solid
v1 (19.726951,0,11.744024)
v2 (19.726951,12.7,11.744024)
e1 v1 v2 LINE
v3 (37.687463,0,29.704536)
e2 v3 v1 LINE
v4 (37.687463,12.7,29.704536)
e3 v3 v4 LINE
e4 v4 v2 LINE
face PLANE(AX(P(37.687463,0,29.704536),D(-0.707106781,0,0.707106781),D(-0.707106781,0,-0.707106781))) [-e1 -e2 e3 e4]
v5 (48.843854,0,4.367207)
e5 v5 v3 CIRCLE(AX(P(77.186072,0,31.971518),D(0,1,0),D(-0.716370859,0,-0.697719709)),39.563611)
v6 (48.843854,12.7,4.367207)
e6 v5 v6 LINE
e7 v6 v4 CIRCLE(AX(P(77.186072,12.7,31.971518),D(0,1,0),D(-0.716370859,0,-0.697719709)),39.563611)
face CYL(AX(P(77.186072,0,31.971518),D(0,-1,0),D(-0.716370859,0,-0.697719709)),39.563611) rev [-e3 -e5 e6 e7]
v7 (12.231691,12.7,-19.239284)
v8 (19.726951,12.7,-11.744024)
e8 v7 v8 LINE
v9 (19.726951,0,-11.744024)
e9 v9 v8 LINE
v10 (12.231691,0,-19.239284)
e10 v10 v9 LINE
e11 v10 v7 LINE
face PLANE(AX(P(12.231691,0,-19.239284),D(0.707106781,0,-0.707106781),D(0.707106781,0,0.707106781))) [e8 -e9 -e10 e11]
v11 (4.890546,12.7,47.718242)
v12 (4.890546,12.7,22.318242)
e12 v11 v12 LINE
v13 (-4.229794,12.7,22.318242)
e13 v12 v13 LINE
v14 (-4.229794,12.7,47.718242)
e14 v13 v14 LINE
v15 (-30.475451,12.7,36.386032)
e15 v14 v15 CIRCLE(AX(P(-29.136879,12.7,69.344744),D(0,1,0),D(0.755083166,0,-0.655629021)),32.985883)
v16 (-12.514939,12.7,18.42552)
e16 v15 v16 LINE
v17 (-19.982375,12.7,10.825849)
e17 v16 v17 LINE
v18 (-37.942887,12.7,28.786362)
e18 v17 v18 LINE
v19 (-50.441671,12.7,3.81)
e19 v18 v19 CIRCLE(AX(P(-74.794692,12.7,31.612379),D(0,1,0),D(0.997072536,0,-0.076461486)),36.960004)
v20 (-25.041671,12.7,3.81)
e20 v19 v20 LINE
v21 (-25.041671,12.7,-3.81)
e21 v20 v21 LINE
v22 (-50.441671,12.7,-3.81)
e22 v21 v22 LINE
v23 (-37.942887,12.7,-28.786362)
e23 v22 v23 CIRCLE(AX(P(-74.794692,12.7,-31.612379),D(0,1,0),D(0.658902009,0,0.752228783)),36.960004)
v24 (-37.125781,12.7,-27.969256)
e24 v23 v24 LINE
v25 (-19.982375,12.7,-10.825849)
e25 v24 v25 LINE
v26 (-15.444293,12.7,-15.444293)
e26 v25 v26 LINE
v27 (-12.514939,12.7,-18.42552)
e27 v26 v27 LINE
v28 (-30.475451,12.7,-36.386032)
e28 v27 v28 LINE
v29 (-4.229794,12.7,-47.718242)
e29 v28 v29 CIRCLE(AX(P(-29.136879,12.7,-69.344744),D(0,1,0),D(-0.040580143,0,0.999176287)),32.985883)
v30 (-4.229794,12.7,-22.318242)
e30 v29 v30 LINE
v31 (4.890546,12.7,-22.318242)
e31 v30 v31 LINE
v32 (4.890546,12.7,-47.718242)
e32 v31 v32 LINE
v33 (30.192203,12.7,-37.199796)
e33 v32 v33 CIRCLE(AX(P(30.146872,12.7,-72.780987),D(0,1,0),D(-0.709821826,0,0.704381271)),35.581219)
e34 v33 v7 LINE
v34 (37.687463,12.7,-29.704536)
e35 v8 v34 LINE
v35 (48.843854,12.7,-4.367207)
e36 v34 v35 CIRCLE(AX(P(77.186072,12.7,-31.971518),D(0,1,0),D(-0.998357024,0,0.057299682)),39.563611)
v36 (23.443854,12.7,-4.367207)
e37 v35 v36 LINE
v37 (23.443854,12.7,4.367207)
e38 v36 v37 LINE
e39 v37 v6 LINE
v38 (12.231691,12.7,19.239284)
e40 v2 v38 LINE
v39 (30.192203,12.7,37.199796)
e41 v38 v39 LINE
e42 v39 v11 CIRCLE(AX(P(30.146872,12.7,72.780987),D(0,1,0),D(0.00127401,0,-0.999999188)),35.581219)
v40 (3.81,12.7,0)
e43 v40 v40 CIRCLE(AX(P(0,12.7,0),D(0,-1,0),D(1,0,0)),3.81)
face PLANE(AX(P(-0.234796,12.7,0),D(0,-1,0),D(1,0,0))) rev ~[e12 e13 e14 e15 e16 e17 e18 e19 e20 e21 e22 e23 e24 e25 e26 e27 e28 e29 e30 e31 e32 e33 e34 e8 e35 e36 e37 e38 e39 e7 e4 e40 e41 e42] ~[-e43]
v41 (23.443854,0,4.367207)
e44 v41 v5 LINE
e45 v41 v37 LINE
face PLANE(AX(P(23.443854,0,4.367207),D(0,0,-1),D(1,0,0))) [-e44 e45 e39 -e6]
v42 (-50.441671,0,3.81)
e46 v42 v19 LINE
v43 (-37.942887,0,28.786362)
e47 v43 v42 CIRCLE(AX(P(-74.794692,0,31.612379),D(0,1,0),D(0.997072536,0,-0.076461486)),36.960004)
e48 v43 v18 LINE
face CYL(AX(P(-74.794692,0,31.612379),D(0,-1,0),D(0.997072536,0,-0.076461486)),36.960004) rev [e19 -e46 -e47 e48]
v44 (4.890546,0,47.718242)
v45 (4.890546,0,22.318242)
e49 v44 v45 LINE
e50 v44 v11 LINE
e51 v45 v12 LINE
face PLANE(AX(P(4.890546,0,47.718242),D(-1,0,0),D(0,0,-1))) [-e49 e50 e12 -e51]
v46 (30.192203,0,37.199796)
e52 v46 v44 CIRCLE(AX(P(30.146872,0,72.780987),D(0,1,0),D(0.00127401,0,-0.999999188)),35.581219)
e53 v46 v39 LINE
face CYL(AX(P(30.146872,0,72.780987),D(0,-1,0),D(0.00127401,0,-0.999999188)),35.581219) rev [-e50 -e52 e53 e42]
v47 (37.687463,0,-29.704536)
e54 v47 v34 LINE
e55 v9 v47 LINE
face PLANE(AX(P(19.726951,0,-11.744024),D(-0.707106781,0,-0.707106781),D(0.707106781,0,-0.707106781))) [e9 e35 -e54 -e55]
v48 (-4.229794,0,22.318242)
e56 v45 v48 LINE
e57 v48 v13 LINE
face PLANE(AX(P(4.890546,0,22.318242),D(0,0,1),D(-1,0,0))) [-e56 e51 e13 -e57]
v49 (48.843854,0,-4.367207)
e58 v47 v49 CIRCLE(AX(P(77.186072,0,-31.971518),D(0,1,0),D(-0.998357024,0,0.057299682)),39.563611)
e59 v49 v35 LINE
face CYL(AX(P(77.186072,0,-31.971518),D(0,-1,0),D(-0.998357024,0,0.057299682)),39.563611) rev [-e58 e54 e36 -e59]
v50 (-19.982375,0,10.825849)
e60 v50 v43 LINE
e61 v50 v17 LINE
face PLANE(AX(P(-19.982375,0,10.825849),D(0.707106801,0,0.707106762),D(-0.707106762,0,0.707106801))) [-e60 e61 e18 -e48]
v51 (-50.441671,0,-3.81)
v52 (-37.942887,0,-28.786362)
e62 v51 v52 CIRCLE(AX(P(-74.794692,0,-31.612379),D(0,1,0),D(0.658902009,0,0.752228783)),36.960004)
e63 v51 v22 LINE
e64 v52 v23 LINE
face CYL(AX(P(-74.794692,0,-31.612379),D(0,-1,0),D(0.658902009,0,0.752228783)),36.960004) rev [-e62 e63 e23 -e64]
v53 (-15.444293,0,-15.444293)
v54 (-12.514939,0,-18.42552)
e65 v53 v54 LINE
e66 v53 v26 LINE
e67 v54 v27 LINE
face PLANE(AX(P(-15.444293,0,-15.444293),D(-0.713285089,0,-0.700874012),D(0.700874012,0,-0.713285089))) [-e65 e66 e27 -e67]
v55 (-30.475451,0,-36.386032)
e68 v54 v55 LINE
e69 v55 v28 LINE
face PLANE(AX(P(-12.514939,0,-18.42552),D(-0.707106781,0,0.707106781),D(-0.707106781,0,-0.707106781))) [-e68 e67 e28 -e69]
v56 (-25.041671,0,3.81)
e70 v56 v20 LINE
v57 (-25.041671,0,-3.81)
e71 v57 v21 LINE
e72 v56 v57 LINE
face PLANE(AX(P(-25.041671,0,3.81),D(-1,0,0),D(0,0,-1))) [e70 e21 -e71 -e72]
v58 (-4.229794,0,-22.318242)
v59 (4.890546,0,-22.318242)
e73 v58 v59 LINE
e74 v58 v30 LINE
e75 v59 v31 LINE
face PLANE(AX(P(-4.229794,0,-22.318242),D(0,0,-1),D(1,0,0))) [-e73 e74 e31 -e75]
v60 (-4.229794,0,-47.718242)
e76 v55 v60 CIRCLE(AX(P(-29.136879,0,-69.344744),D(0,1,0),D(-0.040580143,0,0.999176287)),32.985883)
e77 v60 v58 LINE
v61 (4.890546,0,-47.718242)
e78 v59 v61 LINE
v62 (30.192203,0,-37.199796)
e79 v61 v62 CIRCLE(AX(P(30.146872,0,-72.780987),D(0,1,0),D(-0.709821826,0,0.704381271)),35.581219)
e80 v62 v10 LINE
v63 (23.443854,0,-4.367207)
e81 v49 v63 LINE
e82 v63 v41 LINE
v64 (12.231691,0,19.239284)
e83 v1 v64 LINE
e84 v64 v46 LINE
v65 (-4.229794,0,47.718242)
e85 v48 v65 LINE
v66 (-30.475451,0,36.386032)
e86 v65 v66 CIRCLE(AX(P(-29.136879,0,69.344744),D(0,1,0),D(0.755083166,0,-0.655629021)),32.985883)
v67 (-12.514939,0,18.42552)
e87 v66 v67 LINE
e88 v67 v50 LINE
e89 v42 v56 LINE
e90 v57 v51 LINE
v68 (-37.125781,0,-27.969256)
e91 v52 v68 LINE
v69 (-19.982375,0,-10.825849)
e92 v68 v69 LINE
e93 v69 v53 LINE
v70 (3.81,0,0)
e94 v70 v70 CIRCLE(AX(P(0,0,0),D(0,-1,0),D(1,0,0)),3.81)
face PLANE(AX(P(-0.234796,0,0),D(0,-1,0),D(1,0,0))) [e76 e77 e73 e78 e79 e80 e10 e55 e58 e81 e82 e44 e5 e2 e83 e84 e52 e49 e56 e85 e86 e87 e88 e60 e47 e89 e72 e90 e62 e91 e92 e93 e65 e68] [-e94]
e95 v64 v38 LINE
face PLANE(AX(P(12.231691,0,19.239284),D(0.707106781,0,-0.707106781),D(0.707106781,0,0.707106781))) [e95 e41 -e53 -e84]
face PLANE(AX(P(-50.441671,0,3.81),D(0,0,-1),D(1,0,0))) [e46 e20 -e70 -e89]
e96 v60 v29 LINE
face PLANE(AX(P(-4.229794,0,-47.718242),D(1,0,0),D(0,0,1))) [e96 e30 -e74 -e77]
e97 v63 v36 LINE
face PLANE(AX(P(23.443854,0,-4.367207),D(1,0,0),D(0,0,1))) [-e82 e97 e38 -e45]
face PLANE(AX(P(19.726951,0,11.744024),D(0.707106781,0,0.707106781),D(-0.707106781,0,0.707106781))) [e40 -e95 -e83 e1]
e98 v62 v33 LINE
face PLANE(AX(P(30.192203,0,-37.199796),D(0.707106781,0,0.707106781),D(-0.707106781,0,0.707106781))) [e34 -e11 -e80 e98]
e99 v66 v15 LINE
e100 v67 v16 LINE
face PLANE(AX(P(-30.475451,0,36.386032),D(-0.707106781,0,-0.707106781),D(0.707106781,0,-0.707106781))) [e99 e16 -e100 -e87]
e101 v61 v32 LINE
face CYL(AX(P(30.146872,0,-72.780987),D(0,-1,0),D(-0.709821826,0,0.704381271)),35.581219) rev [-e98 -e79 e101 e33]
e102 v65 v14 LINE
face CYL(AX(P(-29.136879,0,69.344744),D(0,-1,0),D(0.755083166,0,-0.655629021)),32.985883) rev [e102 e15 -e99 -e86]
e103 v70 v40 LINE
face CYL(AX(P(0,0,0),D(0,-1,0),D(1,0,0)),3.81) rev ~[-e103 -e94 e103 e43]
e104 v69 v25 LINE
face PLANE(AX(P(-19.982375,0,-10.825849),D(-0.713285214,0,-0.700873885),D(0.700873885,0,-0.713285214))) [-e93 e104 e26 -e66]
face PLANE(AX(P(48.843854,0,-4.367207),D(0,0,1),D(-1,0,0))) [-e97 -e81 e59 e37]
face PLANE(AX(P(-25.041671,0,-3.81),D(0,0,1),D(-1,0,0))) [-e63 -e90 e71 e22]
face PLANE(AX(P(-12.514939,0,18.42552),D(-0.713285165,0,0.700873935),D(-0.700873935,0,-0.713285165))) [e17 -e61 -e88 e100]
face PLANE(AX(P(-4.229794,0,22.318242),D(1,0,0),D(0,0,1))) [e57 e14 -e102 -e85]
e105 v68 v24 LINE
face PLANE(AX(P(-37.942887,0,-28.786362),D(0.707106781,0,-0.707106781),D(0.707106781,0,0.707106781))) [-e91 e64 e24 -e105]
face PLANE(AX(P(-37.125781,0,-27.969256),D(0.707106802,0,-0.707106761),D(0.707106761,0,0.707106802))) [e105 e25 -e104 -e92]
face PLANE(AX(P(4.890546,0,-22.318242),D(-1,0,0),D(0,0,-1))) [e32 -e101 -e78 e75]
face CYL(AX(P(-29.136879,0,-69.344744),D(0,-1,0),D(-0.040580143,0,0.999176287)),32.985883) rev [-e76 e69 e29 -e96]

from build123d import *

# Parameters (mm, degrees)
F0_R     = 3.81
F1_DEPTH = 12.7


with BuildPart() as f1:
    # F0 (on Front) → F1 (new body)
    with BuildSketch(Plane.XZ):
        with BuildLine():
            ThreePointArc((-4.229794, 47.718242), (-16.061198, 39.061167), (-30.475451, 36.386032))
            Line((-30.475451, 36.386032), (-12.514939, 18.42552))
            Line((-12.514939, 18.42552), (-19.982375, 10.825849))
            Line((-19.982375, 10.825849), (-37.942887, 28.786362))
            ThreePointArc((-37.942887, 28.786362), (-41.742274, 15.072138), (-50.441671, 3.81))
            Line((-50.441671, 3.81), (-25.041671, 3.81))
            Line((-25.041671, 3.81), (-25.041671, 0))
            Line((-25.041671, 0), (-25.041671, -3.81))
            Line((-25.041671, -3.81), (-48.257879, -3.81))
            Line((-48.257879, -3.81), (-50.441671, -3.81))
            ThreePointArc((-50.441671, -3.81), (-41.742274, -15.072138), (-37.942887, -28.786362))
            Line((-37.942887, -28.786362), (-37.125781, -27.969256))
            Line((-37.125781, -27.969256), (-19.982375, -10.825849))
            Line((-19.982375, -10.825849), (-15.444293, -15.444293))
            Line((-15.444293, -15.444293), (-12.514939, -18.42552))
            Line((-12.514939, -18.42552), (-30.475451, -36.386032))
            ThreePointArc((-30.475451, -36.386032), (-16.061198, -39.061167), (-4.229794, -47.718242))
            Line((-4.229794, -47.718242), (-4.229794, -22.318242))
            Line((-4.229794, -22.318242), (4.890546, -22.318242))
            Line((4.890546, -22.318242), (4.890546, -47.718242))
            ThreePointArc((4.890546, -47.718242), (16.488249, -39.925771), (30.192203, -37.199796))
            Line((30.192203, -37.199796), (12.231691, -19.239284))
            Line((12.231691, -19.239284), (19.726951, -11.744024))
            Line((19.726951, -11.744024), (37.687463, -29.704536))
            ThreePointArc((37.687463, -29.704536), (40.977102, -16.028187), (48.843854, -4.367207))
            Line((48.843854, -4.367207), (23.443854, -4.367207))
            Line((23.443854, -4.367207), (23.443854, 0))
            Line((23.443854, 0), (23.443854, 4.367207))
            Line((23.443854, 4.367207), (48.843854, 4.367207))
            ThreePointArc((48.843854, 4.367207), (40.977102, 16.028187), (37.687463, 29.704536))
            Line((37.687463, 29.704536), (19.726951, 11.744024))
            Line((19.726951, 11.744024), (12.231691, 19.239284))
            Line((12.231691, 19.239284), (30.192203, 37.199796))
            ThreePointArc((30.192203, 37.199796), (16.488249, 39.925771), (4.890546, 47.718242))
            Line((4.890546, 47.718242), (4.890546, 22.318242))
            Line((4.890546, 22.318242), (-4.229794, 22.318242))
            Line((-4.229794, 22.318242), (-4.229794, 47.718242))
        make_face()
        Circle(F0_R, mode=Mode.SUBTRACT)
    extrude(amount=-F1_DEPTH)


solid = f1.part
